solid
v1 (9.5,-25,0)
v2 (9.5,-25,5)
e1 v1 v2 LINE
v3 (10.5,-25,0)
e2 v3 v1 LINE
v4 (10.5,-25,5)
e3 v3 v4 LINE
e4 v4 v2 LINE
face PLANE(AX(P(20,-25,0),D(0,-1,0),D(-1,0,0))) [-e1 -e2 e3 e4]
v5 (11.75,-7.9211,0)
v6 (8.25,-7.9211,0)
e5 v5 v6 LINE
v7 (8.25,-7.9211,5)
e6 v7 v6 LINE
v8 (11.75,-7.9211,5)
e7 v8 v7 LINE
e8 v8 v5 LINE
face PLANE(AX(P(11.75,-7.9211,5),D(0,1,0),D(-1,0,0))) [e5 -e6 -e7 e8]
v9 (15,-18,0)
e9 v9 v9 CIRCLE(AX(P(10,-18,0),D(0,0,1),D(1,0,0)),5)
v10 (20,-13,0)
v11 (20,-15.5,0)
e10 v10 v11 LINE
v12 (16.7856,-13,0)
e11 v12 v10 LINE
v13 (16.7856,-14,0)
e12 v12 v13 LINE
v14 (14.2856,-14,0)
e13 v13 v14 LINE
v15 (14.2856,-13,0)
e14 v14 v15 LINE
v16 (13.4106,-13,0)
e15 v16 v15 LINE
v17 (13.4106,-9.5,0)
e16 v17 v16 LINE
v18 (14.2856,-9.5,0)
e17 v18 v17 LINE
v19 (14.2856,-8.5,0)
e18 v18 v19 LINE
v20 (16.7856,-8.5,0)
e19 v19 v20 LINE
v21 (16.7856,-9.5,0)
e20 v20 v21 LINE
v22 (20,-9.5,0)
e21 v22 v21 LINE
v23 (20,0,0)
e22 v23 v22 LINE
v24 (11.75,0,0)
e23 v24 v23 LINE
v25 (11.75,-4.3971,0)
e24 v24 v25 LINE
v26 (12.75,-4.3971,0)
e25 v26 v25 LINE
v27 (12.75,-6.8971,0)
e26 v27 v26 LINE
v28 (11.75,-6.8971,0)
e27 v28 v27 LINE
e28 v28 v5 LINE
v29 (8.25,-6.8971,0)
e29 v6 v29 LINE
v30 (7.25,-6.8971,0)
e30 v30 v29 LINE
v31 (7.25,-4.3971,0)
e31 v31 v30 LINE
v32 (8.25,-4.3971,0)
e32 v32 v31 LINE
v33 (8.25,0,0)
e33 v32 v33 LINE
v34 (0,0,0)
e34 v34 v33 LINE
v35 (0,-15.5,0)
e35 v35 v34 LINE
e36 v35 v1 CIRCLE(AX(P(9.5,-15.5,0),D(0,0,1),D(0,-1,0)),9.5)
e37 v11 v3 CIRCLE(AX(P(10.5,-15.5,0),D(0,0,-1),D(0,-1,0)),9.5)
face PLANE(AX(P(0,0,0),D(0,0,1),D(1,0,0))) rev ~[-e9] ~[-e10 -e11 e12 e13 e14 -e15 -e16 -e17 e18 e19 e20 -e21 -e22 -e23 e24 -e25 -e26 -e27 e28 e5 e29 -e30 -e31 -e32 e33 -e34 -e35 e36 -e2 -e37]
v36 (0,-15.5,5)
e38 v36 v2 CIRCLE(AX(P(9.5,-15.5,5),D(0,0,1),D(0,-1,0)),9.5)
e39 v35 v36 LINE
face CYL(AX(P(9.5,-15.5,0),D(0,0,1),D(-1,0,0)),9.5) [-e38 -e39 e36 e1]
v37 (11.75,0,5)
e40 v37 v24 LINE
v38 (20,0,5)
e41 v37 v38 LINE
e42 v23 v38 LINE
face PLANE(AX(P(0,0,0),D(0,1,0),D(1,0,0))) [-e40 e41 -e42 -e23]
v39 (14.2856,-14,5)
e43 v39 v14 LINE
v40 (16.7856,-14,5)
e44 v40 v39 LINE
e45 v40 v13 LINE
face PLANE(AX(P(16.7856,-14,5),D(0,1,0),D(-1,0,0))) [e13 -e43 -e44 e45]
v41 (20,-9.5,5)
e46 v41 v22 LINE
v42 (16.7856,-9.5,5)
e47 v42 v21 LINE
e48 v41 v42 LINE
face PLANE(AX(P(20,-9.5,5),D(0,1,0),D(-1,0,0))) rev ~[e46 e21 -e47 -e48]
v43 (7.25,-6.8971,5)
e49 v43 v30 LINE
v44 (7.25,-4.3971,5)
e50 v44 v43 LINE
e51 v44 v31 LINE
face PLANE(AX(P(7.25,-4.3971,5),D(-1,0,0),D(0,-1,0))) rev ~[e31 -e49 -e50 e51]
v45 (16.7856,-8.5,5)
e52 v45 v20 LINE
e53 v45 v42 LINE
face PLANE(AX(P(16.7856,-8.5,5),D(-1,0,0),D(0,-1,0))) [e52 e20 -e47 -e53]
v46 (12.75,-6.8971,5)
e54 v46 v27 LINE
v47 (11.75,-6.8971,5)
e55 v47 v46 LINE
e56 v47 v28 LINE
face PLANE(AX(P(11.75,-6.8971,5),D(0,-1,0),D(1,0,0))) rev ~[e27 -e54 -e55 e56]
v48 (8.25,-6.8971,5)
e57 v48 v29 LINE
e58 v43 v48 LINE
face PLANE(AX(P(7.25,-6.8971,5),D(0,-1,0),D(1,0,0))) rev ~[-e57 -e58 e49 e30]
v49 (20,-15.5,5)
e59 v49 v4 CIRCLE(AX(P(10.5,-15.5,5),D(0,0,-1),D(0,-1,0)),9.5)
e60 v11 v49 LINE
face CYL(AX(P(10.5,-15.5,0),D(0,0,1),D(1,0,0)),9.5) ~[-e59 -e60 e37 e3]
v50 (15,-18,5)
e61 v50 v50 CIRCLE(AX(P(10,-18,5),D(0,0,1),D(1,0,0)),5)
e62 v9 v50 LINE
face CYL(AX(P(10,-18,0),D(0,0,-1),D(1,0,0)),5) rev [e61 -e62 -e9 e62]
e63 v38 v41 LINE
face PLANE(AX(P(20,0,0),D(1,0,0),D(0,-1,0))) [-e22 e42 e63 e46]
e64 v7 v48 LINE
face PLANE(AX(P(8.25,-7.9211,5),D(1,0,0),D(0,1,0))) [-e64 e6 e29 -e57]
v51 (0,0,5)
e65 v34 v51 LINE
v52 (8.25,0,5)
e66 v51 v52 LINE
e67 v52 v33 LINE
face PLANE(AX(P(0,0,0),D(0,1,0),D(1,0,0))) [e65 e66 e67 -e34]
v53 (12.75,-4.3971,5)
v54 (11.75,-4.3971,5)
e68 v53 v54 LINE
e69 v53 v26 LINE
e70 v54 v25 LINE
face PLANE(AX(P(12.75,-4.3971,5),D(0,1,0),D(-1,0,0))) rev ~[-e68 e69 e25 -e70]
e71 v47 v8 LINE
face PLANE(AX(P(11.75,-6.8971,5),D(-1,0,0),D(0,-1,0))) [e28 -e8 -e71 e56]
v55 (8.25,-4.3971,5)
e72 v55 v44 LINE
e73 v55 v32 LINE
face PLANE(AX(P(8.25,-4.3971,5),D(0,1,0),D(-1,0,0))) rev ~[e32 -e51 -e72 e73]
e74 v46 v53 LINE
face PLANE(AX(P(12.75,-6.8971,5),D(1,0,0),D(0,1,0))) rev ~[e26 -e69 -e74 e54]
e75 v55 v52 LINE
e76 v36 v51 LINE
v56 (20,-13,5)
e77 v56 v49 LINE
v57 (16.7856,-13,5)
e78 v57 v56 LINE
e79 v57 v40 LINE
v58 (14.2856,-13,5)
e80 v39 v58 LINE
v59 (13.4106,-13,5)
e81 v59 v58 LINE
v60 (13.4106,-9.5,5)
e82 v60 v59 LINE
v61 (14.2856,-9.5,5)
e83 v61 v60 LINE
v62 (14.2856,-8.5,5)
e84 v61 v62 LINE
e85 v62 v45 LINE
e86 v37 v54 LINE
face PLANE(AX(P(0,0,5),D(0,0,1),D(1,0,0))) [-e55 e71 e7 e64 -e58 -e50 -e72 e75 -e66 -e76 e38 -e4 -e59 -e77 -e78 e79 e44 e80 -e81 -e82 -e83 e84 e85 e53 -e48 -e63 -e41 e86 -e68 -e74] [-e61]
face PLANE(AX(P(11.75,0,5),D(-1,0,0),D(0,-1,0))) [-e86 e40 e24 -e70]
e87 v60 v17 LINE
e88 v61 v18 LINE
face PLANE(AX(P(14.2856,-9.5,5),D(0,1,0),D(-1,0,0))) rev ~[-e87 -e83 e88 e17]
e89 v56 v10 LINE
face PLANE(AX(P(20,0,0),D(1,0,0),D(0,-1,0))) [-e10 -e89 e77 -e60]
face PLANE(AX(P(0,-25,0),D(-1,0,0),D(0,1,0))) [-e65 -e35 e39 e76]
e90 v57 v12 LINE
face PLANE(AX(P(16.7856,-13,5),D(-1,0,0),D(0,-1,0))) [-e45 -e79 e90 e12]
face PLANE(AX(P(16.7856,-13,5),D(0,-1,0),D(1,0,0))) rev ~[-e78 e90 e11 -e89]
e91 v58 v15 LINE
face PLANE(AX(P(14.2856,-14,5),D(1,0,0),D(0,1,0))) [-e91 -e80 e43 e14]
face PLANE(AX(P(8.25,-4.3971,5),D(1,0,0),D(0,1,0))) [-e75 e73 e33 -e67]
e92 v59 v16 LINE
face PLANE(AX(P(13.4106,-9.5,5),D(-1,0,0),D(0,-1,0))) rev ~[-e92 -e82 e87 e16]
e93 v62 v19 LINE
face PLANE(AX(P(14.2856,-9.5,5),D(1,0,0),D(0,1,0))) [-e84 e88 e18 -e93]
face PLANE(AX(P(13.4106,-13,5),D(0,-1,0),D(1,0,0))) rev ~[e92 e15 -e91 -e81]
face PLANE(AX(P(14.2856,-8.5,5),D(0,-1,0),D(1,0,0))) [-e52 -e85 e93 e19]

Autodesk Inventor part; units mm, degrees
ref_plane "YZ Plane" through (0, 0, 0) normal (1, 0, 0) x (0, 1, 0)
ref_plane "XZ Plane" through (0, 0, 0) normal (0, 1, 0) x (-1, 0, 0)
ref_plane "XY Plane" through (0, 0, 0) normal (0, 0, 1) x (1, 0, 0)
sketch "Boceto1" plane through (0, 0, 0) normal (0, 0, 1) x (1, 0, 0)
  line L0 (0, 0) -> (20, 0)
  line L1 (20, 0) -> (20, -25)
  line L2 (20, -25) -> (0, -25)
  line L3 (0, -25) -> (0, 0)
  circle A0 centre (10, -18) radius 5
  dimension "d0" = 20
  dimension "d1" = 25
  dimension "d2" = 7
extrude "Extrusión1" add sketch "Boceto1" along normal blind 5
sketch "Boceto2" plane through (0, 0, 5) normal (0, 0, 1) x (1, 0, 0)
  line L0 (0, 0) -> (20, 0) projected
  line L1 (11.75, -7.9211) -> (8.25, -7.9211)
  line L2 (7.25, -4.3971) -> (7.25, -6.8971)
  line L3 (12.75, -6.8971) -> (12.75, -4.3971)
  line L4 (7.25, -6.8971) -> (8.25, -6.8971)
  line L5 (11.75, -6.8971) -> (12.75, -6.8971)
  line L6 (12.75, -4.3971) -> (11.75, -4.3971)
  line L7 (8.25, -4.3971) -> (7.25, -4.3971)
  line L8 (8.25, -7.9211) -> (8.25, -6.8971)
  line L9 (8.25, -4.3971) -> (8.25, 0)
  line L10 (11.75, 0) -> (11.75, -4.3971)
  line L11 (11.75, -6.8971) -> (11.75, -7.9211)
extrude "Extrusión2" cut sketch "Boceto2" against normal through all
sketch "Boceto3" plane through (0, 0, 5) normal (0, 0, 1) x (1, 0, 0)
  line L0 (20, 0) -> (20, -25) projected
  line L1 (13.4106, -9.5) -> (13.4106, -13)
  line L2 (14.2856, -8.5) -> (16.7856, -8.5)
  line L3 (16.7856, -14) -> (14.2856, -14)
  line L4 (16.7856, -8.5) -> (16.7856, -9.5)
  line L5 (16.7856, -13) -> (16.7856, -14)
  line L6 (14.2856, -14) -> (14.2856, -13)
  line L7 (14.2856, -9.5) -> (14.2856, -8.5)
  line L8 (20, -9.5) -> (16.7856, -9.5)
  line L9 (14.2856, -9.5) -> (13.4106, -9.5)
  line L10 (13.4106, -13) -> (14.2856, -13)
  line L11 (16.7856, -13) -> (20, -13)
  dimension "d12" = 5.5
extrude "Extrusión3" cut sketch "Boceto3" against normal through all
fillet "Empalme1" radius 9.5 2 edges at (0, -25, 2.5) (20, -25, 2.5)
properties part number "soporte polea eje x"
